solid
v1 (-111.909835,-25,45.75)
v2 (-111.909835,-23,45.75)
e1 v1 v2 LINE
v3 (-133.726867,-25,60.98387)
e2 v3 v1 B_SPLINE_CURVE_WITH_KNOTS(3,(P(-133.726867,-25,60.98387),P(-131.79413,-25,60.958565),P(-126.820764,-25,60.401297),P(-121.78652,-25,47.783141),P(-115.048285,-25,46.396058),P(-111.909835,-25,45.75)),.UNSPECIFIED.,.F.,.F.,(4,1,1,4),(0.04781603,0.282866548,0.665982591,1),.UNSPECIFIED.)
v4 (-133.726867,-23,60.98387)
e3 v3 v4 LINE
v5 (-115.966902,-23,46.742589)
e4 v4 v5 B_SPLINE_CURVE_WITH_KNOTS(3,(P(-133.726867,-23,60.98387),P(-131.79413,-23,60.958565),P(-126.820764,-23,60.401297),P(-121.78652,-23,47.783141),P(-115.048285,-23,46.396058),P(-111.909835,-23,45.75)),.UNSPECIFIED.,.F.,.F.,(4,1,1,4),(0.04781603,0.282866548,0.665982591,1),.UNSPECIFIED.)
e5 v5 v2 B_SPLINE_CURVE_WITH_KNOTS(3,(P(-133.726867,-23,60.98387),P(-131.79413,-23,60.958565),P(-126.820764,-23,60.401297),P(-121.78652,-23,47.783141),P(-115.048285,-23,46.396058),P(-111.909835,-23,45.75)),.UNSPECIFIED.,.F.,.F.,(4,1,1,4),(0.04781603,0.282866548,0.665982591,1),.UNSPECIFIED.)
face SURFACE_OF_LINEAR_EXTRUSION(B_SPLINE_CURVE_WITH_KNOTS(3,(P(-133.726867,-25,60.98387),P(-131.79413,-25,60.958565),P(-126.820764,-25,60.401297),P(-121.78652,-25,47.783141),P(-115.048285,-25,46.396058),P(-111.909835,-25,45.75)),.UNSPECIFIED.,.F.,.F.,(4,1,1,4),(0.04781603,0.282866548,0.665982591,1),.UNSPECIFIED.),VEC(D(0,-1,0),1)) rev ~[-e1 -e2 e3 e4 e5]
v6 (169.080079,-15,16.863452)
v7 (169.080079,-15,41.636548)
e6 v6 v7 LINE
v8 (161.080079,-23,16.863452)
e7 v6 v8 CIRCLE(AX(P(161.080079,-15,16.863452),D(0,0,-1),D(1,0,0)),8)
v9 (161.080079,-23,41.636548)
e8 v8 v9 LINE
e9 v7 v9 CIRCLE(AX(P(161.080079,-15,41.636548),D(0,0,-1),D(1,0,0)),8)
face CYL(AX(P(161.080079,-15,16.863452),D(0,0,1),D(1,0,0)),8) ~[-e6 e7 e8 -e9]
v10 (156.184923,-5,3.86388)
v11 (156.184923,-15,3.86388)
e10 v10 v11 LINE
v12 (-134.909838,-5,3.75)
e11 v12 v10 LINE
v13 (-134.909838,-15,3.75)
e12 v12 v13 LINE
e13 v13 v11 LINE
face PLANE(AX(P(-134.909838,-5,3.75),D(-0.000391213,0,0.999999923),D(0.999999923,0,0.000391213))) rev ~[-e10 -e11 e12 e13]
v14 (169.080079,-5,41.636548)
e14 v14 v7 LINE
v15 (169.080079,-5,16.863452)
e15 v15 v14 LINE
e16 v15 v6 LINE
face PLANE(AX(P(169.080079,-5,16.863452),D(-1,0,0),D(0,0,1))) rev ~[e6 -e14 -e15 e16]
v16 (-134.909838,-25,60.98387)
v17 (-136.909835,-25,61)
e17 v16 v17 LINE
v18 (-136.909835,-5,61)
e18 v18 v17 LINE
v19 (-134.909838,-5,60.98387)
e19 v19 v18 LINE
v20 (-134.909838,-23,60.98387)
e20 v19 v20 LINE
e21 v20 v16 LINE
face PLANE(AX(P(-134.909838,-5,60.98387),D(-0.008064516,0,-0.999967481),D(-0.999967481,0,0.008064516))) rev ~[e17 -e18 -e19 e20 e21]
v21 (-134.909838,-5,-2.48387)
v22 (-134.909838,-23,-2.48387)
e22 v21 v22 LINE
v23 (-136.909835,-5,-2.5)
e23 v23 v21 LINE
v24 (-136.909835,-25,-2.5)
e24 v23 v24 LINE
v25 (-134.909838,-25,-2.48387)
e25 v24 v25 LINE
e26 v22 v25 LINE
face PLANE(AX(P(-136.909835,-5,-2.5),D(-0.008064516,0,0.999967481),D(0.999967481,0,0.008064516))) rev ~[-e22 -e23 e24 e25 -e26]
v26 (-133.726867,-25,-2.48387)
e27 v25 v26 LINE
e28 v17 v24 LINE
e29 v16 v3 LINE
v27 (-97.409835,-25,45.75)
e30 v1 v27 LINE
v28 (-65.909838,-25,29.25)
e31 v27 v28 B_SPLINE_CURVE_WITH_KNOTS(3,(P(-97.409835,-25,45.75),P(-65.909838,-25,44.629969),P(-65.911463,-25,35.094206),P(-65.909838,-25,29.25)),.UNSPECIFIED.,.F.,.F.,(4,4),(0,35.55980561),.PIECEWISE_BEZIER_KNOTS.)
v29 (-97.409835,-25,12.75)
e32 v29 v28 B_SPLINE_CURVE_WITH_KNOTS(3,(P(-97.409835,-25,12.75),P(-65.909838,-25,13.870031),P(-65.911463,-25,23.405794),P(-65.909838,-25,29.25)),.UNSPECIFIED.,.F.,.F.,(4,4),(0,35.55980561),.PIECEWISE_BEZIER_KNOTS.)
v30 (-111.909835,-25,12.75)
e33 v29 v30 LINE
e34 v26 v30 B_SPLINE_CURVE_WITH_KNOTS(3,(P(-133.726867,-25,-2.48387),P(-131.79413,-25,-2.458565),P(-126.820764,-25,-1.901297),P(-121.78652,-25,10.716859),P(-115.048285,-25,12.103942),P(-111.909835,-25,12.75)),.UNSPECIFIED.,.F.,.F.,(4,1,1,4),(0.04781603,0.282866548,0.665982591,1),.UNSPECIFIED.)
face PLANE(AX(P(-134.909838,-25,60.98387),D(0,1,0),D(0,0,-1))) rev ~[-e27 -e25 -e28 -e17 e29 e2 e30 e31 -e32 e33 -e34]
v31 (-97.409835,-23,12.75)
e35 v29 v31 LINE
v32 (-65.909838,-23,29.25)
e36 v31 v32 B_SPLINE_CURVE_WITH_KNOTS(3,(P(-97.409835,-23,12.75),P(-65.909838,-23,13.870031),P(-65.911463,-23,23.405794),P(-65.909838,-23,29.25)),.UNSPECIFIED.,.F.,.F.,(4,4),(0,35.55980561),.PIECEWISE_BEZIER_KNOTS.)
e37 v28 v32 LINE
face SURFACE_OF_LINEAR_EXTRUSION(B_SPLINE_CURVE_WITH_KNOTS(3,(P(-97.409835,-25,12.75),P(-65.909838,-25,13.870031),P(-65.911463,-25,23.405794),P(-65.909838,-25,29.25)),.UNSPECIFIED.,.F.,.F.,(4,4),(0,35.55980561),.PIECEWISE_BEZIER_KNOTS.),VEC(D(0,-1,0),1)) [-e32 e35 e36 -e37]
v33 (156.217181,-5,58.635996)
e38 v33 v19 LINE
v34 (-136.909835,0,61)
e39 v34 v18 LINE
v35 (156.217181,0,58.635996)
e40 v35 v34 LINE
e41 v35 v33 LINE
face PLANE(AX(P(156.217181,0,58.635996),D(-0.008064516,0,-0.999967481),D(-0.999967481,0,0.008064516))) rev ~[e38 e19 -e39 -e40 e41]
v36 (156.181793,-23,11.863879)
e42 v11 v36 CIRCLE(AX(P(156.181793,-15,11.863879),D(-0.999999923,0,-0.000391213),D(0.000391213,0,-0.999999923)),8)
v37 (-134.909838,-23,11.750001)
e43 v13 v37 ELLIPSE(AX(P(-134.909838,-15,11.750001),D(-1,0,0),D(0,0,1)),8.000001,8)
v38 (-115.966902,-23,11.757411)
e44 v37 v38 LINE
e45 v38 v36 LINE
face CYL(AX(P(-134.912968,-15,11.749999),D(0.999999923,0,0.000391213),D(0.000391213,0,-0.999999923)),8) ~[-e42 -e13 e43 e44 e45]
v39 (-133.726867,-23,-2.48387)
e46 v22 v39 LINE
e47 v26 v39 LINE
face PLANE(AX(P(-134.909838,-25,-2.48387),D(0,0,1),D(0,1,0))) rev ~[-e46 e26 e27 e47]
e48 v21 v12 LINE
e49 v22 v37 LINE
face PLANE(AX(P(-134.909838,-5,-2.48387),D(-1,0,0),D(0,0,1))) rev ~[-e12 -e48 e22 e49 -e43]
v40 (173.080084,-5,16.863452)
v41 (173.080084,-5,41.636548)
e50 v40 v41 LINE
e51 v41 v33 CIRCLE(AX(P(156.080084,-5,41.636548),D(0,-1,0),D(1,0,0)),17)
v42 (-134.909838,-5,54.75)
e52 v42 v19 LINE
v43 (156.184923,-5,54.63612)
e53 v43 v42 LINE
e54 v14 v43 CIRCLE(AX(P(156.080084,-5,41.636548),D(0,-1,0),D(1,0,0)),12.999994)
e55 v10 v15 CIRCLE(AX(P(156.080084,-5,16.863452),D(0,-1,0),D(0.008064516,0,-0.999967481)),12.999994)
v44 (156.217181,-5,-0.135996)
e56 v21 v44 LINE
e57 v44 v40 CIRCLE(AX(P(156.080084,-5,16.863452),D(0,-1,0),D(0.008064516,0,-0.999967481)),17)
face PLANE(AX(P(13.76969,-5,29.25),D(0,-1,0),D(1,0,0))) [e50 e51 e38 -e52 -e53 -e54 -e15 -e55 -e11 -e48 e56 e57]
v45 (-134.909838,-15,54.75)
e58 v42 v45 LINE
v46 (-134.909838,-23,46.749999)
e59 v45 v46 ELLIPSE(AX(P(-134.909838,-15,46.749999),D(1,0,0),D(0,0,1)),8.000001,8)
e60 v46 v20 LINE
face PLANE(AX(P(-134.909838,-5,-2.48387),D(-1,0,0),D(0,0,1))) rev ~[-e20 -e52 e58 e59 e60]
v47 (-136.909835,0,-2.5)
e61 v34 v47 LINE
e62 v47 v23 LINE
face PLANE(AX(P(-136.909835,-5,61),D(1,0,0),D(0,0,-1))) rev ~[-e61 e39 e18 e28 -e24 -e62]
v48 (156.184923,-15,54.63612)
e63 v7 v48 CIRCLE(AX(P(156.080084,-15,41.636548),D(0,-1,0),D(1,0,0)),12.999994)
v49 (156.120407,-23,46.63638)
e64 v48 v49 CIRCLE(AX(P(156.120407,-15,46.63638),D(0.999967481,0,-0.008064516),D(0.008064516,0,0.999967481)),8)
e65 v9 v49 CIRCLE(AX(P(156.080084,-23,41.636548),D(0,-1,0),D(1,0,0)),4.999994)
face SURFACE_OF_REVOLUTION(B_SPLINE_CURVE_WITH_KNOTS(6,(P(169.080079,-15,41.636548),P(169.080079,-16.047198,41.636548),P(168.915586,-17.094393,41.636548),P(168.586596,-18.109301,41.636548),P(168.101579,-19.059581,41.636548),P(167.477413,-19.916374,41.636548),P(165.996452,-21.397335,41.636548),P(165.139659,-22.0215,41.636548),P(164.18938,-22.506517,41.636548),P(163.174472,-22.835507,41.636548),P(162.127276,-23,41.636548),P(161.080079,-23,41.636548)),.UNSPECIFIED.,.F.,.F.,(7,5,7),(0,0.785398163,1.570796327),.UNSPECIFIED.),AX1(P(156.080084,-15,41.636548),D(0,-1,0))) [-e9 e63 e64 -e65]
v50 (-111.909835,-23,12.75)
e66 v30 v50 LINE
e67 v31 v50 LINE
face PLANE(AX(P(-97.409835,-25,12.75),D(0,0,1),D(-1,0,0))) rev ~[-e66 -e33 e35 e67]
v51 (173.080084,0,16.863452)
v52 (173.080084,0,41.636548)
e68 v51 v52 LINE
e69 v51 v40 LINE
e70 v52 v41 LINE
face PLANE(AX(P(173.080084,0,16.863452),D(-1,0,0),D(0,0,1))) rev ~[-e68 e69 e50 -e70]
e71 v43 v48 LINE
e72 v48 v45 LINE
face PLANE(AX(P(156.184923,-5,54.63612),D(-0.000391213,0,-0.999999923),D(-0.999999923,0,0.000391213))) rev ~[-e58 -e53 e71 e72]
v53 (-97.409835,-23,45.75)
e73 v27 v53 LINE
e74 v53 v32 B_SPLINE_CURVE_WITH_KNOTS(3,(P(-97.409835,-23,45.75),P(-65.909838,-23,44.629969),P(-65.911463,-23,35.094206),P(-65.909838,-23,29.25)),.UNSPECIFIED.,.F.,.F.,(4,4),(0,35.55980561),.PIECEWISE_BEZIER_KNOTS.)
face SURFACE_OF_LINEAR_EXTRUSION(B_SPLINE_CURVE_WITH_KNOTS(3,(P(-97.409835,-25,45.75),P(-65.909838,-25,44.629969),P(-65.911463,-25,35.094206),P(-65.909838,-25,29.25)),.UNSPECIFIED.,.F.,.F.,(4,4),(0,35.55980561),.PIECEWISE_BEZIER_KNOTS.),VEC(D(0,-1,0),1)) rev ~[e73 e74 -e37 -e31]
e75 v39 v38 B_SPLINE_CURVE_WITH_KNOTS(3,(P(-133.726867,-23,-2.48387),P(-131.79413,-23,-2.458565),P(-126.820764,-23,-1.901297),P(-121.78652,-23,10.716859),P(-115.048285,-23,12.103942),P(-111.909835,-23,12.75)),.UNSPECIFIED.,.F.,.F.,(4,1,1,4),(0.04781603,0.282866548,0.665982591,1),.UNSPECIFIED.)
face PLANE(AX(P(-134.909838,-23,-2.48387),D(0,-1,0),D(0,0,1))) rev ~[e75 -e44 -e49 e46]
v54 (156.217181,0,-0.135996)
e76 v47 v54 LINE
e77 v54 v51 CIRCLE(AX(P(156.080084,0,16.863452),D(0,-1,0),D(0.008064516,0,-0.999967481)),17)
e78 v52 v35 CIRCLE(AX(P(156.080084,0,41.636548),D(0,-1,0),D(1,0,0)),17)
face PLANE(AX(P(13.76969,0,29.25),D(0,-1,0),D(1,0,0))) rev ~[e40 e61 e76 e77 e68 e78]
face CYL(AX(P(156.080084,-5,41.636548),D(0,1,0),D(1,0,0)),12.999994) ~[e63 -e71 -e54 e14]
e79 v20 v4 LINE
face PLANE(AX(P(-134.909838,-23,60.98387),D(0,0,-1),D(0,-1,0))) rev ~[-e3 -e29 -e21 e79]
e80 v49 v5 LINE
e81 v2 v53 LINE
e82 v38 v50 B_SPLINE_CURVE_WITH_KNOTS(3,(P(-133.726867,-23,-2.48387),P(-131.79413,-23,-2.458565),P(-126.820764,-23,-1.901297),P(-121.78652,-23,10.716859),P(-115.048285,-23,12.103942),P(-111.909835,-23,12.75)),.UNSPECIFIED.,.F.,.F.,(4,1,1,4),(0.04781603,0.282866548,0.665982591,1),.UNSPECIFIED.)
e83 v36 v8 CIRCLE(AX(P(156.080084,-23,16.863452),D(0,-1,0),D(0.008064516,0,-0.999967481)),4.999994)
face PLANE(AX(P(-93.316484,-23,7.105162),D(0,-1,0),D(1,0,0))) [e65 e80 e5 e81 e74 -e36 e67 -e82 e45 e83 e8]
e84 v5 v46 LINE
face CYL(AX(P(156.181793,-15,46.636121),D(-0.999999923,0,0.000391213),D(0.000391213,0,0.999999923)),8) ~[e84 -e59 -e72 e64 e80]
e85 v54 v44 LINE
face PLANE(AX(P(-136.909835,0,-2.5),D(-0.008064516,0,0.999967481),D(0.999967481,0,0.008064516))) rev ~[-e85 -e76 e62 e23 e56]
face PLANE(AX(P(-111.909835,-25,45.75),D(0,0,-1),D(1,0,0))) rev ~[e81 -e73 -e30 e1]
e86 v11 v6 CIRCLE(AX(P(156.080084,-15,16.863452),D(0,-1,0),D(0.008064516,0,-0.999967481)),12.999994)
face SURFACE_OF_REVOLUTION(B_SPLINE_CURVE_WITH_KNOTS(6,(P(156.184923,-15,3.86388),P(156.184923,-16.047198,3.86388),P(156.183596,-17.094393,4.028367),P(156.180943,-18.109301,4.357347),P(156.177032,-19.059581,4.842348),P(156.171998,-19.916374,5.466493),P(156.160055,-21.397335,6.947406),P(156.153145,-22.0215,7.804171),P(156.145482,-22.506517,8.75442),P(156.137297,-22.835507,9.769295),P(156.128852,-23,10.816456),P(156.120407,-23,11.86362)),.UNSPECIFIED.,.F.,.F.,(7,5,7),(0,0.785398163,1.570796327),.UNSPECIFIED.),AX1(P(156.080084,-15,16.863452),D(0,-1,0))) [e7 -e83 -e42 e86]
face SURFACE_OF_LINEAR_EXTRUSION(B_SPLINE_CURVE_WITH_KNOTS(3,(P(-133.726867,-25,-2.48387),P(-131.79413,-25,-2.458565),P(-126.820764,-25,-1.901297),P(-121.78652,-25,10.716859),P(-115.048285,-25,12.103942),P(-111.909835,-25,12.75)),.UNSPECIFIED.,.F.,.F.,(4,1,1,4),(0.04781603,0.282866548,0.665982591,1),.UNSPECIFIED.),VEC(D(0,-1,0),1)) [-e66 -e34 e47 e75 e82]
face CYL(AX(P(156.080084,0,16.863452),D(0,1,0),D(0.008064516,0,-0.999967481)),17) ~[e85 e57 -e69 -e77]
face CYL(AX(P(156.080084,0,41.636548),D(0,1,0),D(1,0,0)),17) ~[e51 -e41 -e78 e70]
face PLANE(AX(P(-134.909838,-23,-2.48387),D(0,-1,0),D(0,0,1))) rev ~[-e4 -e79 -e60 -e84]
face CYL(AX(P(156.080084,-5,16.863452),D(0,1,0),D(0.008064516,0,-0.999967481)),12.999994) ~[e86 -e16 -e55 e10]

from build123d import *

# Parameters (mm, degrees)
F1_DEPTH  = 5
F3_DEPTH  = 18
F4_R      = 8
F6_DEPTH  = 20
F8_DEPTH  = 69
F10_DEPTH = 2


with BuildPart() as f1:
    # F0 (on Front) → F1 (new body)
    with BuildSketch(Plane.XZ):
        with BuildLine():
            Line((-136.909834867, 61), (-136.909834867, -2.5))
            Line((-136.909834867, -2.5), (156.2171810981, -0.1359955775))
            ThreePointArc((156.2171810981, -0.1359955775), (168.1492733016, 4.8912054731), (173.0800843239, 16.863451604))
            Line((173.0800843239, 16.863451604), (173.0800843239, 41.636548396))
            ThreePointArc((173.0800843239, 41.636548396), (168.1492733016, 53.6087945269), (156.2171810981, 58.6359955775))
            Line((156.2171810981, 58.6359955775), (-136.909834867, 61))
        make_face()
    extrude(amount=F1_DEPTH)

    # F2 (on face) → F3 (join)
    with BuildSketch(Plane.XZ.offset(5)):
        with BuildLine():
            Line((169.0800786018, 16.863451604), (169.0800786018, 41.636548396))
            ThreePointArc((169.0800786018, 41.636548396), (165.309460068, 50.7917914076), (156.1849229874, 54.6361199305))
            Line((156.1849229874, 54.6361199305), (-134.909838438, 54.75))
            Line((-134.909838438, 54.75), (-134.909838438, 3.75))
            Line((-134.909838438, 3.75), (156.1849229874, 3.8638800695))
            ThreePointArc((156.1849229874, 3.8638800695), (165.309460068, 7.7082085924), (169.0800786018, 16.863451604))
        make_face()
    extrude(amount=F3_DEPTH)

    # F4
    f4_edges = [f1.edges().sort_by_distance(p)[0] for p in [
        (10.637542, -23, 54.69306),
        (165.30946, -23, 50.791791),
        (169.080079, -23, 29.25),
        (165.30946, -23, 7.708209),
        (10.637542, -23, 3.80694),
    ]]
    fillet(f4_edges, radius=F4_R)

    # F5 (on face) → F6 (join)
    with BuildSketch(Plane.XZ.offset(5)):
        Polygon((-134.909838438, 3.75), (-134.909838438, 54.75), (-134.909838438, 60.983870472), (-136.909834867, 61), (-136.909834867, -2.5), (-134.909838438, -2.483870472), align=None)
    extrude(amount=F6_DEPTH)

    # F7 (on face) → F8 (join)
    with BuildSketch(Plane.YZ.offset(-134.909838438)):
        Polygon((-25, 60.983870472), (-25, -2.483870472), (-23, -2.483870472), (-23, 11.7500006122), (-23, 46.7499993878), (-23, 60.983870472), align=None)
    extrude(amount=F8_DEPTH)

    # F9 (on face) → F10 (cut)
    with BuildSketch(Plane.XZ.offset(25)):
        with BuildLine():
            Line((-65.909838438, -2.483870472), (-65.909838438, 29.25))
            add(Edge.make_bspline(
                [(-97.409834867, 12.75), (-65.909838438, 13.8700312972), (-65.9114625472, 23.4057943523), (-65.909838438, 29.25)],
                knots=[0, 0, 0, 0, 35.5598056101, 35.5598056101, 35.5598056101, 35.5598056101], degree=3))
            Line((-97.409834867, 12.75), (-111.909834867, 12.75))
            add(Edge.make_bspline(
                [(-133.7268669105, -2.483870472), (-131.7941304161, -2.4585653704), (-126.820763516, -1.9012974431), (-121.7865199651, 10.7168586647), (-115.048285193, 12.1039418314), (-111.909834867, 12.75)],
                knots=[0.04781603, 0.04781603, 0.04781603, 0.04781603, 0.2828665478, 0.6659825914, 1, 1, 1, 1], degree=3))
            Line((-133.7268669105, -2.483870472), (-65.909838438, -2.483870472))
        make_face()
        with BuildLine():
            Line((-65.909838438, 60.983870472), (-133.7268669105, 60.983870472))
            add(Edge.make_bspline(
                [(-133.7268669105, 60.983870472), (-131.7941304161, 60.9585653704), (-126.820763516, 60.4012974431), (-121.7865199651, 47.7831413353), (-115.048285193, 46.3960581686), (-111.909834867, 45.75)],
                knots=[0.04781603, 0.04781603, 0.04781603, 0.04781603, 0.2828665478, 0.6659825914, 1, 1, 1, 1], degree=3))
            Line((-111.909834867, 45.75), (-97.409834867, 45.75))
            add(Edge.make_bspline(
                [(-97.409834867, 45.75), (-65.909838438, 44.6299687028), (-65.9114625472, 35.0942056477), (-65.909838438, 29.25)],
                knots=[0, 0, 0, 0, 35.5598056101, 35.5598056101, 35.5598056101, 35.5598056101], degree=3))
            Line((-65.909838438, 29.25), (-65.909838438, 60.983870472))
        make_face()
    extrude(amount=-F10_DEPTH, mode=Mode.SUBTRACT)


solid = f1.part
